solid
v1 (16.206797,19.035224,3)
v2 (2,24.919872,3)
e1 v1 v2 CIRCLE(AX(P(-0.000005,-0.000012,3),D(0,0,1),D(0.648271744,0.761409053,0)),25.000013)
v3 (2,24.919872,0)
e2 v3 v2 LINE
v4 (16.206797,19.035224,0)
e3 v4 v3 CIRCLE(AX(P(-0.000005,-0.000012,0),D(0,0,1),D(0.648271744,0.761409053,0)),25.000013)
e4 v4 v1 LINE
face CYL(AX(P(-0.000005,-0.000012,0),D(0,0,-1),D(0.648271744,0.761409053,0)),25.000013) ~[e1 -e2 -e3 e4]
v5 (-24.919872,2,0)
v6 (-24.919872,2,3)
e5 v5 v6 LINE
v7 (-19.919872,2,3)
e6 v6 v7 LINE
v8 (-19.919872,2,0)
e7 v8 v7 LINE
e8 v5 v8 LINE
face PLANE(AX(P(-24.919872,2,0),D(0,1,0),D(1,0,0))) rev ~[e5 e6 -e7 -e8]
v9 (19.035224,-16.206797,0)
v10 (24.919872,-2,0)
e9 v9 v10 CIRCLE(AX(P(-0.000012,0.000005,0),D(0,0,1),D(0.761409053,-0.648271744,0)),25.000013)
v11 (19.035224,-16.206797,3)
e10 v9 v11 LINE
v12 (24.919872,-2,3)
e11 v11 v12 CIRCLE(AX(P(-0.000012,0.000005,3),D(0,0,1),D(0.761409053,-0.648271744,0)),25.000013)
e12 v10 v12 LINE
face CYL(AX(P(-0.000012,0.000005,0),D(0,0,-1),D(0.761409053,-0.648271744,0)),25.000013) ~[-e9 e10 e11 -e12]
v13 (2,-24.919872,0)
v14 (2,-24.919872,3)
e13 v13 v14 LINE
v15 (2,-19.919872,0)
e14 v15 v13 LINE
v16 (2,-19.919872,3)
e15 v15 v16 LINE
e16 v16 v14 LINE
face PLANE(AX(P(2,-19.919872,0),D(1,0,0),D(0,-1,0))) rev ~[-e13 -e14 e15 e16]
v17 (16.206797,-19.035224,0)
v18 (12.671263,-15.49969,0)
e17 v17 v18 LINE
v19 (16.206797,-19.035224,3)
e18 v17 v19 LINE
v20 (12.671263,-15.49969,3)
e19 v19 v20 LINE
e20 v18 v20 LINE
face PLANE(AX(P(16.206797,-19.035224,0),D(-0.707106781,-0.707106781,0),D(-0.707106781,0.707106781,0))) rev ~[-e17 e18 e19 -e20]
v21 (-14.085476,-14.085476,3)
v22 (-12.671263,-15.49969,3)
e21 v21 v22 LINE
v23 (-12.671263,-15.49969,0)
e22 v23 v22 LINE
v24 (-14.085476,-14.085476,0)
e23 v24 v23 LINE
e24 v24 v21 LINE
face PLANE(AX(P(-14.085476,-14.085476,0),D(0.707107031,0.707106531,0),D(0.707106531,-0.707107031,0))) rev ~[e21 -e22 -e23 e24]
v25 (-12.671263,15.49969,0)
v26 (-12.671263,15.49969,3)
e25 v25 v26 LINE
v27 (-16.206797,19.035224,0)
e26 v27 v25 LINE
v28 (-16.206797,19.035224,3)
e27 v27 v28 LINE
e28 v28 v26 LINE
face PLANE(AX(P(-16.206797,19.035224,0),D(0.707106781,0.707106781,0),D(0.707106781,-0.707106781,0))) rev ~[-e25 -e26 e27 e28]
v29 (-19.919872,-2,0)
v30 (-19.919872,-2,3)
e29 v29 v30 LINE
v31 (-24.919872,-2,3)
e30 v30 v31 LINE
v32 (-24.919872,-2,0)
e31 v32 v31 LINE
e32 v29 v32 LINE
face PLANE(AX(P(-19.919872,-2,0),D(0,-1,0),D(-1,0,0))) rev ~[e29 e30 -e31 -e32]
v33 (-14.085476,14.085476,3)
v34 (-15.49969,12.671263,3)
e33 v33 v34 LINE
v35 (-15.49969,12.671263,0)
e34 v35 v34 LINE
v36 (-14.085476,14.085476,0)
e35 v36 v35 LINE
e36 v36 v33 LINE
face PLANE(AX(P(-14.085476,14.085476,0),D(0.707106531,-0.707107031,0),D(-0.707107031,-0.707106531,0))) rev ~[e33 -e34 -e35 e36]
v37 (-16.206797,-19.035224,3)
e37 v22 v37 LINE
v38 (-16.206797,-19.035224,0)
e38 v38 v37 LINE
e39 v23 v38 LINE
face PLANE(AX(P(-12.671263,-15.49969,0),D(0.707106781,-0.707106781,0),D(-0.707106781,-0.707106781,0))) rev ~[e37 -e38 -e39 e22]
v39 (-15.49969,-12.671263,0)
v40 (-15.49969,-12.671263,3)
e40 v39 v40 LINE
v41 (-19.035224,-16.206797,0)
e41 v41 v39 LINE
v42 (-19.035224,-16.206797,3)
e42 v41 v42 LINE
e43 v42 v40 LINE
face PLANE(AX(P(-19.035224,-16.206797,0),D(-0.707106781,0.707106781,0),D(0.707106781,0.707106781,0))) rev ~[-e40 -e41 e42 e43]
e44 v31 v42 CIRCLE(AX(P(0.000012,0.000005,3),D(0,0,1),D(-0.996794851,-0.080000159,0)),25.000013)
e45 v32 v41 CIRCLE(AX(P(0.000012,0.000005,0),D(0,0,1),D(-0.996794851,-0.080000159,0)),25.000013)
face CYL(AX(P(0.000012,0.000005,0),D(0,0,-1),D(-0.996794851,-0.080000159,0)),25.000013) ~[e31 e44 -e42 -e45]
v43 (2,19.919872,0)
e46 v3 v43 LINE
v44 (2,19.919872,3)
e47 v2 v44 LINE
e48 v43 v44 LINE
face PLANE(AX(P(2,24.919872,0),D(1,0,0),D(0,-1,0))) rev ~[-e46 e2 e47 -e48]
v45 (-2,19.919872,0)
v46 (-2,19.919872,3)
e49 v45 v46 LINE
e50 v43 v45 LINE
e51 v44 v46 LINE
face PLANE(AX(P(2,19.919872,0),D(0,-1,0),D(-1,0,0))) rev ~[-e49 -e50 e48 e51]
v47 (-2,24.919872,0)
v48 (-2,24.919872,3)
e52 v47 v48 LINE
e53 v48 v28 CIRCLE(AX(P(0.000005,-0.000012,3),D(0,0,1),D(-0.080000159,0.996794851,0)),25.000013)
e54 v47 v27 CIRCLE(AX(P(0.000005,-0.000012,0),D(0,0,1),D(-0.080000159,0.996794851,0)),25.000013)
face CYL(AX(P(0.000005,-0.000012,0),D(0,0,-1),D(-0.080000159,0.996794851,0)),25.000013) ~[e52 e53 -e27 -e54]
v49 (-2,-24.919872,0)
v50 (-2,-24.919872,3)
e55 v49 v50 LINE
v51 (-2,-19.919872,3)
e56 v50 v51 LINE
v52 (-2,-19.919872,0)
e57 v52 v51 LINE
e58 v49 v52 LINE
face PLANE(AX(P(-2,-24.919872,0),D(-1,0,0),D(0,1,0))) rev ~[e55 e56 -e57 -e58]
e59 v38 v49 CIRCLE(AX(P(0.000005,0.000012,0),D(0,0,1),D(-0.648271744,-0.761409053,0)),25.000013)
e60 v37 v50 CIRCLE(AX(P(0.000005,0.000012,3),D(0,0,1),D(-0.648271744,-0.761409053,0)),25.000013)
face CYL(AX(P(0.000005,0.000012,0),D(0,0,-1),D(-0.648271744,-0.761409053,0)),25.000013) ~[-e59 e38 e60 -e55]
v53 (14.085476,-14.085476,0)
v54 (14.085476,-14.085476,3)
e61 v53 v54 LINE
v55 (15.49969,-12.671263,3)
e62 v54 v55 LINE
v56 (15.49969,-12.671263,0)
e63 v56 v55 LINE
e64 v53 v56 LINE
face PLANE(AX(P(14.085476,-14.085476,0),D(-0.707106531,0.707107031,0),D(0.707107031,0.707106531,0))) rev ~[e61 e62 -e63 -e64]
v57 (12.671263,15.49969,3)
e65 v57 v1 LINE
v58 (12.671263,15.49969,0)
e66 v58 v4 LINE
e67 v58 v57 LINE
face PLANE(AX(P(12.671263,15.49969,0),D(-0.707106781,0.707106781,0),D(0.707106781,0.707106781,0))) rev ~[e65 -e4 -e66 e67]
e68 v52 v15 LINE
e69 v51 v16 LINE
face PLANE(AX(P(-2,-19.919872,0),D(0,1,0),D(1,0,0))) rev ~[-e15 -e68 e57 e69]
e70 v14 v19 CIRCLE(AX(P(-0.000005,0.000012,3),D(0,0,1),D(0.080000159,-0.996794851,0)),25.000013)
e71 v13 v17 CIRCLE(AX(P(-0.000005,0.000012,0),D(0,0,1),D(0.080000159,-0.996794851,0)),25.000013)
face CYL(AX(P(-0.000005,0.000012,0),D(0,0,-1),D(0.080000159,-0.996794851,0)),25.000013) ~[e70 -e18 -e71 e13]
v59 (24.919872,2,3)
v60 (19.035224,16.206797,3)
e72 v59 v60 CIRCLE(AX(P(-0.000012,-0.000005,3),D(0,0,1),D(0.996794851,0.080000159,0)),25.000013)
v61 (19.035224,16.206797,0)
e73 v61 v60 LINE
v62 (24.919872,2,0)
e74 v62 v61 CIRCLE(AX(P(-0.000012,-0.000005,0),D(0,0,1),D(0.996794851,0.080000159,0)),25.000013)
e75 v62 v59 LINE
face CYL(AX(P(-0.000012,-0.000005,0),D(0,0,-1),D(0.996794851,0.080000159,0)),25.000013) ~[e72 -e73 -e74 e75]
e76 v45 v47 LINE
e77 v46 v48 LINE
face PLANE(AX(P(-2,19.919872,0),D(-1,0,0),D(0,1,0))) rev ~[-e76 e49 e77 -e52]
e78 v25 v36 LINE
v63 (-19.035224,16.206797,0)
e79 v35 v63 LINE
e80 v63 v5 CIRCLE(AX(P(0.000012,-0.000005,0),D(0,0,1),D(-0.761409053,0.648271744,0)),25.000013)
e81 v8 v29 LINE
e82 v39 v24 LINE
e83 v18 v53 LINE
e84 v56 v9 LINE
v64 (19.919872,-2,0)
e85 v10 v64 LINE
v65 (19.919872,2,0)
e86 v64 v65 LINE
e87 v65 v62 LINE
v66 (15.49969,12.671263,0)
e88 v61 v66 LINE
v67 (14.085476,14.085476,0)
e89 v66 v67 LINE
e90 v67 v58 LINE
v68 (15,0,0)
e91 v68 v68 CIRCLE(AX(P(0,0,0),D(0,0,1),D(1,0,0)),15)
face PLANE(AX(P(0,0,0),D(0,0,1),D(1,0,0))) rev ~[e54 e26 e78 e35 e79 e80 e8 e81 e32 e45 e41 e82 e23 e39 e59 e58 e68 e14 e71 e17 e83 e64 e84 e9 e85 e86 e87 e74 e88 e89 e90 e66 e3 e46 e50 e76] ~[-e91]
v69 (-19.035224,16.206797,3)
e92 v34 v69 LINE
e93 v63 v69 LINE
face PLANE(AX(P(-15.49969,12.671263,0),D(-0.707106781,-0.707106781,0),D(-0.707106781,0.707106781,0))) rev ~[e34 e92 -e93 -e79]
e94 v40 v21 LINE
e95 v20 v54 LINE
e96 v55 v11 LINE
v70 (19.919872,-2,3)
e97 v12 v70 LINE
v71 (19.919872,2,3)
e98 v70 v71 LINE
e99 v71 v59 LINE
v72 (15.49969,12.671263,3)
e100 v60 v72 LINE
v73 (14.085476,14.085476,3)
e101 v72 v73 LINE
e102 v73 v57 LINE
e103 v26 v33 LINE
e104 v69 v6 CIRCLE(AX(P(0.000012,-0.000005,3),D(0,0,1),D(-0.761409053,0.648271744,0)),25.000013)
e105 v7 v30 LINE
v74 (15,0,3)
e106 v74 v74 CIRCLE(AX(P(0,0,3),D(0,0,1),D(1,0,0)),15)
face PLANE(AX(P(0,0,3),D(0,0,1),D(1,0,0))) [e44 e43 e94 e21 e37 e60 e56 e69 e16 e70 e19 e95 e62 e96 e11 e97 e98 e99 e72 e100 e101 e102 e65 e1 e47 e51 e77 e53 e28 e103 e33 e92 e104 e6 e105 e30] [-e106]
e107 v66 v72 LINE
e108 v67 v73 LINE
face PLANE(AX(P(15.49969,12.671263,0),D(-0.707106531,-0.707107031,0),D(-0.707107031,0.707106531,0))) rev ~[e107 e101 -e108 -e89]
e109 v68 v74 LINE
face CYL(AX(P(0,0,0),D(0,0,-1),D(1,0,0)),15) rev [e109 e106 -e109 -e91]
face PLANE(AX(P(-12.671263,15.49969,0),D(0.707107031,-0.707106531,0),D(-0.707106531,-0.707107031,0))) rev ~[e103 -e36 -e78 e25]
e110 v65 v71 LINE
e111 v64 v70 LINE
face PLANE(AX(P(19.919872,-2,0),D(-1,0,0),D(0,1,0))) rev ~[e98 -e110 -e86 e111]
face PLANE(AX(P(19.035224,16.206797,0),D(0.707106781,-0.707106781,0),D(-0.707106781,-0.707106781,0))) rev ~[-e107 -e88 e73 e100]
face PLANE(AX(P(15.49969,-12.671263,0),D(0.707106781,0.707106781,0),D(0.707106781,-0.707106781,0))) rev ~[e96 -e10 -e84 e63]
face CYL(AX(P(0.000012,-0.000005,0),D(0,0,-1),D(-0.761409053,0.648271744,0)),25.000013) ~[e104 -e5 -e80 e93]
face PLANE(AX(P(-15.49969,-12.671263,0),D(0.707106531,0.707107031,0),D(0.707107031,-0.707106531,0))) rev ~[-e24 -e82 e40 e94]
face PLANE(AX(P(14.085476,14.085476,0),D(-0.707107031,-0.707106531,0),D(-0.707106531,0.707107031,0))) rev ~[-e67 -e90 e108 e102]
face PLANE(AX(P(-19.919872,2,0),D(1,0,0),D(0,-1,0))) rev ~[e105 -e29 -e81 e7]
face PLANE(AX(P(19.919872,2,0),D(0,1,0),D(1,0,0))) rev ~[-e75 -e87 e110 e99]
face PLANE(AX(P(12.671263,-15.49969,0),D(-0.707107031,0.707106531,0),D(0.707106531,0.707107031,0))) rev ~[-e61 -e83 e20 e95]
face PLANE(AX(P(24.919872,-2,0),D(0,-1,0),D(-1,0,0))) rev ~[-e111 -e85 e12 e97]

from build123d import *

# Parameters (mm, degrees)
F0_R     = 15
F1_DEPTH = 3


with BuildPart() as f1:
    # F0 (on Top) → F1 (new body)
    with BuildSketch(Plane.XY):
        with BuildLine():
            Line((19.919872, 2), (24.919872, 2))
            ThreePointArc((24.919872, 2), (23.096988, 9.567086), (19.035224, 16.206797))
            Line((19.035224, 16.206797), (15.49969, 12.671263))
            Line((15.49969, 12.671263), (14.085476, 14.085476))
            Line((14.085476, 14.085476), (12.671263, 15.49969))
            Line((12.671263, 15.49969), (16.206797, 19.035224))
            ThreePointArc((16.206797, 19.035224), (9.567086, 23.096988), (2, 24.919872))
            Line((2, 24.919872), (2, 19.919872))
            Line((2, 19.919872), (0, 19.919872))
            Line((0, 19.919872), (-2, 19.919872))
            Line((-2, 19.919872), (-2, 24.919872))
            ThreePointArc((-2, 24.919872), (-9.567086, 23.096988), (-16.206797, 19.035224))
            Line((-16.206797, 19.035224), (-12.671263, 15.49969))
            Line((-12.671263, 15.49969), (-14.085476, 14.085476))
            Line((-14.085476, 14.085476), (-15.49969, 12.671263))
            Line((-15.49969, 12.671263), (-19.035224, 16.206797))
            ThreePointArc((-19.035224, 16.206797), (-23.096988, 9.567086), (-24.919872, 2))
            Line((-24.919872, 2), (-19.919872, 2))
            Line((-19.919872, 2), (-19.919872, 0))
            Line((-19.919872, 0), (-19.919872, -2))
            Line((-19.919872, -2), (-24.919872, -2))
            ThreePointArc((-24.919872, -2), (-23.096988, -9.567086), (-19.035224, -16.206797))
            Line((-19.035224, -16.206797), (-15.49969, -12.671263))
            Line((-15.49969, -12.671263), (-14.085476, -14.085476))
            Line((-14.085476, -14.085476), (-12.671263, -15.49969))
            Line((-12.671263, -15.49969), (-16.206797, -19.035224))
            ThreePointArc((-16.206797, -19.035224), (-9.567086, -23.096988), (-2, -24.919872))
            Line((-2, -24.919872), (-2, -19.919872))
            Line((-2, -19.919872), (0, -19.919872))
            Line((0, -19.919872), (2, -19.919872))
            Line((2, -19.919872), (2, -24.919872))
            ThreePointArc((2, -24.919872), (9.567086, -23.096988), (16.206797, -19.035224))
            Line((16.206797, -19.035224), (12.671263, -15.49969))
            Line((12.671263, -15.49969), (14.085476, -14.085476))
            Line((14.085476, -14.085476), (15.49969, -12.671263))
            Line((15.49969, -12.671263), (19.035224, -16.206797))
            ThreePointArc((19.035224, -16.206797), (23.096988, -9.567086), (24.919872, -2))
            Line((24.919872, -2), (19.919872, -2))
            Line((19.919872, -2), (19.919872, 0))
            Line((19.919872, 0), (19.919872, 2))
        make_face()
        Circle(F0_R, mode=Mode.SUBTRACT)
    extrude(amount=F1_DEPTH)


solid = f1.part
